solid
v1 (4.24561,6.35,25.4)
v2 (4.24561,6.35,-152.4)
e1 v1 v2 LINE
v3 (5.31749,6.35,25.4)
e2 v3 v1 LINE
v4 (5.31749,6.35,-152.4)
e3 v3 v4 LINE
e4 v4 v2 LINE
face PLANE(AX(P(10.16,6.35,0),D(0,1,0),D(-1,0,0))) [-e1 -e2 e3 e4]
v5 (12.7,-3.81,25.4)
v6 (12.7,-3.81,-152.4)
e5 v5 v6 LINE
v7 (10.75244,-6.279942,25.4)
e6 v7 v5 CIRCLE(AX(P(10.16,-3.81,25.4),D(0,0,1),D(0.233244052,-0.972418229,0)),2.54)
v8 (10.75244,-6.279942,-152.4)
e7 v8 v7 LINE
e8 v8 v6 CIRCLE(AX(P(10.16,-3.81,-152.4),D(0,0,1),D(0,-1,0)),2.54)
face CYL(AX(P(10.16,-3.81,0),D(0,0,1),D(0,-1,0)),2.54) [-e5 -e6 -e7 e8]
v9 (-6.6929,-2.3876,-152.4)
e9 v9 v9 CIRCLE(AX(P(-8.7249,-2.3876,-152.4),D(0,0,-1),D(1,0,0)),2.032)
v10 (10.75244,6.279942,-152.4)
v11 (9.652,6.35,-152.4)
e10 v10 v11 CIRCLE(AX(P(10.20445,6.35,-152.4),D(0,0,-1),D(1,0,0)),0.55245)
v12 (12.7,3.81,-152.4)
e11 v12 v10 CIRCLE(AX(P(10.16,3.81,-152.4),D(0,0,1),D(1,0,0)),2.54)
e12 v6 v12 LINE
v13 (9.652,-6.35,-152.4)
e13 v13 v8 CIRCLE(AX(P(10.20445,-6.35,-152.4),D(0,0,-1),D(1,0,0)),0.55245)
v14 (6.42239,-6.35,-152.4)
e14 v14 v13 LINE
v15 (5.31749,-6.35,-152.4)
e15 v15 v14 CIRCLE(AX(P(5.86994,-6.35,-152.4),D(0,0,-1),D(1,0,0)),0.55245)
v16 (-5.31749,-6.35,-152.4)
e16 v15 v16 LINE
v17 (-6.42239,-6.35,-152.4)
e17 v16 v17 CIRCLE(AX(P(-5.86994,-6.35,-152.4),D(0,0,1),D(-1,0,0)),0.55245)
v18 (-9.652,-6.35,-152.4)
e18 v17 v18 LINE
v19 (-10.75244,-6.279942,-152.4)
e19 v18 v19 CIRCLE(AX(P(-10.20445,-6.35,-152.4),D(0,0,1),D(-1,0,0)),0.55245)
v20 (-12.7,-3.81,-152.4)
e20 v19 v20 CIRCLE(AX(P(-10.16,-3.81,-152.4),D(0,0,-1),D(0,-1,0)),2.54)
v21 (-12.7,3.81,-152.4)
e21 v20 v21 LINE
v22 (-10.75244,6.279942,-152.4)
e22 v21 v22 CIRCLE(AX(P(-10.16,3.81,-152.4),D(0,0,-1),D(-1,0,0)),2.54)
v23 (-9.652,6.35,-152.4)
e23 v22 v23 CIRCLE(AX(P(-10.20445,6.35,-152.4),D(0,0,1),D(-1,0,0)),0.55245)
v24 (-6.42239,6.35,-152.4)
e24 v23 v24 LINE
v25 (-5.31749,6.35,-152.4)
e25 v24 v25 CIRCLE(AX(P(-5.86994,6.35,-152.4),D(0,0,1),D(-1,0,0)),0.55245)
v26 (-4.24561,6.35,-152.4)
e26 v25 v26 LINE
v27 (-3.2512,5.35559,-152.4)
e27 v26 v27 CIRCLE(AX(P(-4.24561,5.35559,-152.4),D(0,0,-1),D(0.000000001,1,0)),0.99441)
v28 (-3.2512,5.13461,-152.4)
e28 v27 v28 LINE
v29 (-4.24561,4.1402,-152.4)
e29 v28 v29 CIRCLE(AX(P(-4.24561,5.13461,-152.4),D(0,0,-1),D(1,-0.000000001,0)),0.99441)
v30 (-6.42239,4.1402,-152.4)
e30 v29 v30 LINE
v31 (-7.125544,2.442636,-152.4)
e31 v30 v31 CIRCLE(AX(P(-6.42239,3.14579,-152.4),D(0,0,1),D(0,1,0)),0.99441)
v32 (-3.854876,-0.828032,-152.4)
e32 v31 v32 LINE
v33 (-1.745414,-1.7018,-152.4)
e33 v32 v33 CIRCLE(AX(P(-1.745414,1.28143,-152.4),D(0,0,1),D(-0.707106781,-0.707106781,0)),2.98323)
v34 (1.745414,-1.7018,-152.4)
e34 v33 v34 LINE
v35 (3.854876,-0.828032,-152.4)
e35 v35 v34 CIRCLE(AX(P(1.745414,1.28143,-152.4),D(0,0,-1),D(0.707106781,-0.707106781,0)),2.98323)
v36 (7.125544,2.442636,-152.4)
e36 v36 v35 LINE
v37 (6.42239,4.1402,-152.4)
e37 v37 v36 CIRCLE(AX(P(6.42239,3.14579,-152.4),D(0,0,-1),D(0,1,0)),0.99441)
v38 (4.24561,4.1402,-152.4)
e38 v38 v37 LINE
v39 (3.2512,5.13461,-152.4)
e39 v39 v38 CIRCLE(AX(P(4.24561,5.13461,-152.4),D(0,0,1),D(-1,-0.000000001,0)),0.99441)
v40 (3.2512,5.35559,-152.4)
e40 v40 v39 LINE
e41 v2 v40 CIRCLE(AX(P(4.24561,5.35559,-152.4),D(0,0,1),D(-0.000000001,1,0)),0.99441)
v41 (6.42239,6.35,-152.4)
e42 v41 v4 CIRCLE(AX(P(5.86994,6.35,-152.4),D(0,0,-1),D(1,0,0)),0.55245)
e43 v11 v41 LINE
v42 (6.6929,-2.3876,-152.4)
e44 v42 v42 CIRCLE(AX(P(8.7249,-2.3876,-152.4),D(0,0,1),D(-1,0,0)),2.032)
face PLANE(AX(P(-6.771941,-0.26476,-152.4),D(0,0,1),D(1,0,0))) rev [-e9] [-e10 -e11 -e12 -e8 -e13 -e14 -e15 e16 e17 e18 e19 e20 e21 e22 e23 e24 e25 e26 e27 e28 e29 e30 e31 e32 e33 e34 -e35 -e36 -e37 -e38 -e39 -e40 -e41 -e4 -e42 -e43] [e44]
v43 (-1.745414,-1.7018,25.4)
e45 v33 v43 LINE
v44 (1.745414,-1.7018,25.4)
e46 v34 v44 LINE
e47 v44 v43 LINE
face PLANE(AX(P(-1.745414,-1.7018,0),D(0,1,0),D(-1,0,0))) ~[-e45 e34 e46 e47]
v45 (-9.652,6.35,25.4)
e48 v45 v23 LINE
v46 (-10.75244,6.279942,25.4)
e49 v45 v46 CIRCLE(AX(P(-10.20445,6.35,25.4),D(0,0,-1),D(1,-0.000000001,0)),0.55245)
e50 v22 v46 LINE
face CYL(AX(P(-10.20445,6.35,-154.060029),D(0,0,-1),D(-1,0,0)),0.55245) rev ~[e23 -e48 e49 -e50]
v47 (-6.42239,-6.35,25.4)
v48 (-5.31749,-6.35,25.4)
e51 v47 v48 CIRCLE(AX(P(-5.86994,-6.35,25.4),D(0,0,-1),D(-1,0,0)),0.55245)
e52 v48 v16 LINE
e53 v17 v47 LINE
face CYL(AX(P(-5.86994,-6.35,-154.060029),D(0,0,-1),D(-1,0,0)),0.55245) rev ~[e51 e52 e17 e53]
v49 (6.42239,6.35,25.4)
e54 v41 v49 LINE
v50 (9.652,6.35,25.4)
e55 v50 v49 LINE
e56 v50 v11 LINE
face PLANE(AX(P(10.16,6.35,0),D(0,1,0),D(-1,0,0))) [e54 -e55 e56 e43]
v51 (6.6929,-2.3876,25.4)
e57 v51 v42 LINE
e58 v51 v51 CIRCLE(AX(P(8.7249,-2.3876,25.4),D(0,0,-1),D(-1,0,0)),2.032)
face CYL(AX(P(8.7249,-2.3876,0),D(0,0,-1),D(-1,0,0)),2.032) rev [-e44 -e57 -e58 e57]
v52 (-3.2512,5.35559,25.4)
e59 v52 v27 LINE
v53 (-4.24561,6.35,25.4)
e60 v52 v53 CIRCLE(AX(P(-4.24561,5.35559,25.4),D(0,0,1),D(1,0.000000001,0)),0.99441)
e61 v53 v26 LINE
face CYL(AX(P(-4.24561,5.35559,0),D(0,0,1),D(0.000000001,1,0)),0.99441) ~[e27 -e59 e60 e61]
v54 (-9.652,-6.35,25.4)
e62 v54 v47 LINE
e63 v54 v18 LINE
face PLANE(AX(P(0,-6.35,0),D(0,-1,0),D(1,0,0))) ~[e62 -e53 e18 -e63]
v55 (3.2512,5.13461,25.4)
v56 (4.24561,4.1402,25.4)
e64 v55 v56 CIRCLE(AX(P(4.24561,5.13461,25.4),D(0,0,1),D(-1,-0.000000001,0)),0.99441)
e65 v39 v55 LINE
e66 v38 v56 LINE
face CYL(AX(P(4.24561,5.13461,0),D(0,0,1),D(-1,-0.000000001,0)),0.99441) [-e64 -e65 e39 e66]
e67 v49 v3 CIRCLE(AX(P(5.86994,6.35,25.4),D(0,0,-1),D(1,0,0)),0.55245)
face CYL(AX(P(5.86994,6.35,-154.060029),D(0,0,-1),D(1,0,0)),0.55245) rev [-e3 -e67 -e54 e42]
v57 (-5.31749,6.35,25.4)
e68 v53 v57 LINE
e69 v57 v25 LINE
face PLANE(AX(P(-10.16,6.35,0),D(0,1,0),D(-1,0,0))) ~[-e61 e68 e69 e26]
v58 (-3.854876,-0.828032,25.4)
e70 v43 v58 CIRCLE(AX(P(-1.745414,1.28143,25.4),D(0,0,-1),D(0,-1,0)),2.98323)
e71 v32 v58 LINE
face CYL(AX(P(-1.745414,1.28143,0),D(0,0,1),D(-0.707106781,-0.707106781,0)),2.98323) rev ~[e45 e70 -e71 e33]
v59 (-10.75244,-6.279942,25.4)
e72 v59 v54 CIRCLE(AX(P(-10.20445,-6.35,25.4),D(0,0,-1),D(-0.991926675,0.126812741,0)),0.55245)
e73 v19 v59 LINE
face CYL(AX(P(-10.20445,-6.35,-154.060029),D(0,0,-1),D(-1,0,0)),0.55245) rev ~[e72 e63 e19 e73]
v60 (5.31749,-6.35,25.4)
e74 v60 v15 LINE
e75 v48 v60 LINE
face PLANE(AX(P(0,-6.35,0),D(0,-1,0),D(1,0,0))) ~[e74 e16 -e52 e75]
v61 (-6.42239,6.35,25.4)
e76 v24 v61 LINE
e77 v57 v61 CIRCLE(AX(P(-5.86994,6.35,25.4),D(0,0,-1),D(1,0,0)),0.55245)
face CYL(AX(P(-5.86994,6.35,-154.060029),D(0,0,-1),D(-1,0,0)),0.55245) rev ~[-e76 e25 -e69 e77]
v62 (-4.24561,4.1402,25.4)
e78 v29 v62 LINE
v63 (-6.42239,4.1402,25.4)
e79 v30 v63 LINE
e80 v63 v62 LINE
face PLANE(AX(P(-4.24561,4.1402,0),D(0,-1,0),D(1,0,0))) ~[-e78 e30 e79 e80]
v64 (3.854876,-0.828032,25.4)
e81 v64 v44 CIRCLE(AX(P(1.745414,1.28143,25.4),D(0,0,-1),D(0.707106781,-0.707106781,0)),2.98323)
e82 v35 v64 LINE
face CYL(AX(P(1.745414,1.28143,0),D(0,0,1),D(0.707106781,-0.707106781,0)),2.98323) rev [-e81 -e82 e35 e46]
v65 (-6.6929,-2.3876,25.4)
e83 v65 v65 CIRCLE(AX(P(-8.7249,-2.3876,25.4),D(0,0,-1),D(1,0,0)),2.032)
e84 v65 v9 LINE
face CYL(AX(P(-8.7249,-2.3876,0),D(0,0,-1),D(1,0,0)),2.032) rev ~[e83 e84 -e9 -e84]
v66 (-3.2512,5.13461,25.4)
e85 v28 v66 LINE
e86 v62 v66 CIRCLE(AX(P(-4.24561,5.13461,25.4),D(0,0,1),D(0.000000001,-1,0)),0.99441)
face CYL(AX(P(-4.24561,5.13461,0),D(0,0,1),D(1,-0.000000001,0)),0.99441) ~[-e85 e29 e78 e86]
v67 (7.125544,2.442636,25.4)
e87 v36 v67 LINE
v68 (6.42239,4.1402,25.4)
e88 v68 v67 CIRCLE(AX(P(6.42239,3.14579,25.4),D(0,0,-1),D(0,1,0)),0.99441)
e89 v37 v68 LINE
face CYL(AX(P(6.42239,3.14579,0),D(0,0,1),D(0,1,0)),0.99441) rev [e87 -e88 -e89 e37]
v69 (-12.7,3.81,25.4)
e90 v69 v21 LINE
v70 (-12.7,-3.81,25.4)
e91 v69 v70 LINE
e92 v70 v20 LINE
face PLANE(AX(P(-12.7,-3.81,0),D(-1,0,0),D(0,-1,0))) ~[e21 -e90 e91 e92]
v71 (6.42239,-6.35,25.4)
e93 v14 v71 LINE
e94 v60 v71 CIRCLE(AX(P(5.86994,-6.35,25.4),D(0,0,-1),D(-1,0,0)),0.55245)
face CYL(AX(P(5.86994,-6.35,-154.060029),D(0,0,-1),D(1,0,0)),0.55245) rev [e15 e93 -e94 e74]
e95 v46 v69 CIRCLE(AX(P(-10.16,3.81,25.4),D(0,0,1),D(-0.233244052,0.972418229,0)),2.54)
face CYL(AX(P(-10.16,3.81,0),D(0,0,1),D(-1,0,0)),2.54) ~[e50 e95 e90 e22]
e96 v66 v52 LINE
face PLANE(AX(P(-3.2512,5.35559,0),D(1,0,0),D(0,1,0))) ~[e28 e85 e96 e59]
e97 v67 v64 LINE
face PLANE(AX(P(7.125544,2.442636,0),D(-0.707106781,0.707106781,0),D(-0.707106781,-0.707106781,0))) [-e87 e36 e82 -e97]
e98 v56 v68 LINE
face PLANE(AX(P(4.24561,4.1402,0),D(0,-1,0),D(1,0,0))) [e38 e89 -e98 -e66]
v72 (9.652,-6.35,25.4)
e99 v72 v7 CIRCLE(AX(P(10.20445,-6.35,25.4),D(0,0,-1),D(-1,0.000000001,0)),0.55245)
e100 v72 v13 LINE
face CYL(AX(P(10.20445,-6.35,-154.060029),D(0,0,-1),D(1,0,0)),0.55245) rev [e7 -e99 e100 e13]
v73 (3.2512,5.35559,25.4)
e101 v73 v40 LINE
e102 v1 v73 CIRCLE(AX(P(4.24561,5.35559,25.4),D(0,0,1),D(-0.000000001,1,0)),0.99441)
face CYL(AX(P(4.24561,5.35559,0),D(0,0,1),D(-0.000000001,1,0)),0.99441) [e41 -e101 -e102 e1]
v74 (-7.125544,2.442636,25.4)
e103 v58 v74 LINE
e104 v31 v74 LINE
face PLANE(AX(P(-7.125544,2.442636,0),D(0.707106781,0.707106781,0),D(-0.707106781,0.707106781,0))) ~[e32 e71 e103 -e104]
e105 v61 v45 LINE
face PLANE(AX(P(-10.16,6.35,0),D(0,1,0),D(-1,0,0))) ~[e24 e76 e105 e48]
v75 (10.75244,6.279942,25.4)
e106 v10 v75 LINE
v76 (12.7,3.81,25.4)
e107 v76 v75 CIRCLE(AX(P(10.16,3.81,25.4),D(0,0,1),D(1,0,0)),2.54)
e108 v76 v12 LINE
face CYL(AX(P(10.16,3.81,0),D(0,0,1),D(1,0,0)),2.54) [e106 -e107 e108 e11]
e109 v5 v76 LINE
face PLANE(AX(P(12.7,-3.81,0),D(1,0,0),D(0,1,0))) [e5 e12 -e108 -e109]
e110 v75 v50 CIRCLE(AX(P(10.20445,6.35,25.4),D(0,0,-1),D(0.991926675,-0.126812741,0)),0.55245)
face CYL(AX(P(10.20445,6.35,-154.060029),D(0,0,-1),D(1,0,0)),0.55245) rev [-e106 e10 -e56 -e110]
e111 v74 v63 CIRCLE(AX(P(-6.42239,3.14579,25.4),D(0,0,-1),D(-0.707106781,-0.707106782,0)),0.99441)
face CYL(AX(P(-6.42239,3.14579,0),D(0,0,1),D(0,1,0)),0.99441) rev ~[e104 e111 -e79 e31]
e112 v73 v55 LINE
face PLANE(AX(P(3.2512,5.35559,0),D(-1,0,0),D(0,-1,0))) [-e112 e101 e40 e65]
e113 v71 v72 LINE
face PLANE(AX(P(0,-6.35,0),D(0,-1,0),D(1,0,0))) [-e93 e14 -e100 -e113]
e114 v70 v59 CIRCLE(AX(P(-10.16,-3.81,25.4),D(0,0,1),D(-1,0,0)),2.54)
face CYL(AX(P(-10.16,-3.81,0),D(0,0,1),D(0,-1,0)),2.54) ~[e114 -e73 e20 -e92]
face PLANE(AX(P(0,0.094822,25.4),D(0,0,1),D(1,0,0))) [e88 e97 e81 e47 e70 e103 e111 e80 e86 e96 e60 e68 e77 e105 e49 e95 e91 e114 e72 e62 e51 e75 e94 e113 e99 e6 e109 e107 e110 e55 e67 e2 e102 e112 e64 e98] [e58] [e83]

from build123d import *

# Parameters (mm, degrees)
SKETCH3_R               = 2.032
BOSS_EXTRUDE1_DEPTH     = 152.4
CUT_EXTRUDE1_DEPTH      = 154.060029074
CUT_EXTRUDE1_DEPTH_BACK = 154.060029074
SKETCH4_R               = 0.55245
CUT_EXTRUDE2_DEPTH      = 127


with BuildPart() as part:
    # Sketch3 → Boss-Extrude1 (new, symmetric)
    with BuildSketch(Plane.XY):
        with BuildLine():
            Line((3.2512, 5.35559), (3.2512, 5.13461))
            ThreePointArc((3.2512, 5.13461), (3.542455946, 4.431455946), (4.24561, 4.1402))
            Line((4.24561, 4.1402), (6.42239, 4.1402))
            ThreePointArc((6.42239, 4.1402), (7.341105046, 3.526334232), (7.125544054, 2.442635946))
            Line((7.125544054, 2.442635946), (3.854875946, -0.828032163))
            ThreePointArc((3.854875946, -0.828032163), (2.887046479, -1.474715138), (1.745413783, -1.7018))
            Line((1.745413783, -1.7018), (0, -1.7018))
            Line((0, -1.7018), (0, -6.35))
            Line((0, -6.35), (10.16, -6.35))
            ThreePointArc((10.16, -6.35), (11.956051224, -5.606051224), (12.7, -3.81))
            Line((12.7, -3.81), (12.7, 3.81))
            ThreePointArc((12.7, 3.81), (11.956051224, 5.606051224), (10.16, 6.35))
            Line((10.16, 6.35), (4.24561, 6.35))
            ThreePointArc((4.24561, 6.35), (3.542455946, 6.058744054), (3.2512, 5.35559))
        make_face()
        with Locations(Location((8.7249, -2.3876, 0), (0, 0, 180))):
            Circle(SKETCH3_R, mode=Mode.SUBTRACT)
    extrude(amount=BOSS_EXTRUDE1_DEPTH, both=True)

    # Sketch4 → Cut-Extrude1 (cut, two sides: drawn at the far end of the back side and taken through both)
    with BuildSketch(Plane.XY.offset(-CUT_EXTRUDE1_DEPTH_BACK)):
        with Locations((5.86994, 6.35)):
            Circle(SKETCH4_R)
        with Locations((10.20445, 6.35)):
            Circle(SKETCH4_R)
        with Locations((5.86994, -6.35)):
            Circle(SKETCH4_R)
        with Locations((10.20445, -6.35)):
            Circle(SKETCH4_R)
    extrude(amount=CUT_EXTRUDE1_DEPTH + CUT_EXTRUDE1_DEPTH_BACK, mode=Mode.SUBTRACT)

    # Mirror1: part across plane


with BuildPart() as part_1:
    add(part.part)
    add(part.part.mirror(Plane(origin=(0, 0, 0), x_dir=(0, 0, 1), z_dir=(1, 0, 0))))

    # Sketch5 → Cut-Extrude2 (cut)
    with BuildSketch(Plane.XY.offset(152.4)):
        with BuildLine():
            Line((9.652, 6.35), (6.42239, 6.35))
            ThreePointArc((6.42239, 6.35), (5.86994, 5.79755), (5.31749, 6.35))
            Line((5.31749, 6.35), (4.24561, 6.35))
            ThreePointArc((4.24561, 6.35), (3.542455946, 6.058744054), (3.2512, 5.35559))
            Line((3.2512, 5.35559), (3.2512, 5.13461))
            ThreePointArc((3.2512, 5.13461), (3.542455946, 4.431455946), (4.24561, 4.1402))
            Line((4.24561, 4.1402), (6.42239, 4.1402))
            ThreePointArc((6.42239, 4.1402), (7.341105046, 3.526334232), (7.125544054, 2.442635946))
            Line((7.125544054, 2.442635946), (3.854875946, -0.828032163))
            ThreePointArc((3.854875946, -0.828032163), (2.887046479, -1.474715138), (1.745413783, -1.7018))
            Line((1.745413783, -1.7018), (-1.745413783, -1.7018))
            ThreePointArc((-1.745413783, -1.7018), (-2.887046479, -1.474715138), (-3.854875946, -0.828032163))
            Line((-3.854875946, -0.828032163), (-7.125544054, 2.442635946))
            ThreePointArc((-7.125544054, 2.442635946), (-7.341105046, 3.526334232), (-6.42239, 4.1402))
            Line((-6.42239, 4.1402), (-4.24561, 4.1402))
            ThreePointArc((-4.24561, 4.1402), (-3.542455946, 4.431455946), (-3.2512, 5.13461))
            Line((-3.2512, 5.13461), (-3.2512, 5.35559))
            ThreePointArc((-3.2512, 5.35559), (-3.542455946, 6.058744054), (-4.24561, 6.35))
            Line((-4.24561, 6.35), (-5.31749, 6.35))
            ThreePointArc((-5.31749, 6.35), (-5.86994, 5.79755), (-6.42239, 6.35))
            Line((-6.42239, 6.35), (-9.652, 6.35))
            ThreePointArc((-9.652, 6.35), (-10.169350236, 5.798666155), (-10.752439892, 6.279942302))
            ThreePointArc((-10.752439892, 6.279942302), (-12.154542219, 5.382705102), (-12.7, 3.81))
            Line((-12.7, 3.81), (-12.7, -3.81))
            ThreePointArc((-12.7, -3.81), (-12.154542219, -5.382705102), (-10.752439892, -6.279942302))
            ThreePointArc((-10.752439892, -6.279942302), (-10.169350236, -5.798666155), (-9.652, -6.35))
            Line((-9.652, -6.35), (-6.42239, -6.35))
            ThreePointArc((-6.42239, -6.35), (-5.86994, -5.79755), (-5.31749, -6.35))
            Line((-5.31749, -6.35), (5.31749, -6.35))
            ThreePointArc((5.31749, -6.35), (5.86994, -5.79755), (6.42239, -6.35))
            Line((6.42239, -6.35), (9.652, -6.35))
            ThreePointArc((9.652, -6.35), (10.169350236, -5.798666155), (10.752439892, -6.279942302))
            ThreePointArc((10.752439892, -6.279942302), (12.154542219, -5.382705102), (12.7, -3.81))
            Line((12.7, -3.81), (12.7, 3.81))
            ThreePointArc((12.7, 3.81), (12.154542219, 5.382705102), (10.752439892, 6.279942302))
            ThreePointArc((10.752439892, 6.279942302), (10.169350236, 5.798666155), (9.652, 6.35))
        make_face()
    extrude(amount=-CUT_EXTRUDE2_DEPTH, mode=Mode.SUBTRACT)


solid = part_1.part
